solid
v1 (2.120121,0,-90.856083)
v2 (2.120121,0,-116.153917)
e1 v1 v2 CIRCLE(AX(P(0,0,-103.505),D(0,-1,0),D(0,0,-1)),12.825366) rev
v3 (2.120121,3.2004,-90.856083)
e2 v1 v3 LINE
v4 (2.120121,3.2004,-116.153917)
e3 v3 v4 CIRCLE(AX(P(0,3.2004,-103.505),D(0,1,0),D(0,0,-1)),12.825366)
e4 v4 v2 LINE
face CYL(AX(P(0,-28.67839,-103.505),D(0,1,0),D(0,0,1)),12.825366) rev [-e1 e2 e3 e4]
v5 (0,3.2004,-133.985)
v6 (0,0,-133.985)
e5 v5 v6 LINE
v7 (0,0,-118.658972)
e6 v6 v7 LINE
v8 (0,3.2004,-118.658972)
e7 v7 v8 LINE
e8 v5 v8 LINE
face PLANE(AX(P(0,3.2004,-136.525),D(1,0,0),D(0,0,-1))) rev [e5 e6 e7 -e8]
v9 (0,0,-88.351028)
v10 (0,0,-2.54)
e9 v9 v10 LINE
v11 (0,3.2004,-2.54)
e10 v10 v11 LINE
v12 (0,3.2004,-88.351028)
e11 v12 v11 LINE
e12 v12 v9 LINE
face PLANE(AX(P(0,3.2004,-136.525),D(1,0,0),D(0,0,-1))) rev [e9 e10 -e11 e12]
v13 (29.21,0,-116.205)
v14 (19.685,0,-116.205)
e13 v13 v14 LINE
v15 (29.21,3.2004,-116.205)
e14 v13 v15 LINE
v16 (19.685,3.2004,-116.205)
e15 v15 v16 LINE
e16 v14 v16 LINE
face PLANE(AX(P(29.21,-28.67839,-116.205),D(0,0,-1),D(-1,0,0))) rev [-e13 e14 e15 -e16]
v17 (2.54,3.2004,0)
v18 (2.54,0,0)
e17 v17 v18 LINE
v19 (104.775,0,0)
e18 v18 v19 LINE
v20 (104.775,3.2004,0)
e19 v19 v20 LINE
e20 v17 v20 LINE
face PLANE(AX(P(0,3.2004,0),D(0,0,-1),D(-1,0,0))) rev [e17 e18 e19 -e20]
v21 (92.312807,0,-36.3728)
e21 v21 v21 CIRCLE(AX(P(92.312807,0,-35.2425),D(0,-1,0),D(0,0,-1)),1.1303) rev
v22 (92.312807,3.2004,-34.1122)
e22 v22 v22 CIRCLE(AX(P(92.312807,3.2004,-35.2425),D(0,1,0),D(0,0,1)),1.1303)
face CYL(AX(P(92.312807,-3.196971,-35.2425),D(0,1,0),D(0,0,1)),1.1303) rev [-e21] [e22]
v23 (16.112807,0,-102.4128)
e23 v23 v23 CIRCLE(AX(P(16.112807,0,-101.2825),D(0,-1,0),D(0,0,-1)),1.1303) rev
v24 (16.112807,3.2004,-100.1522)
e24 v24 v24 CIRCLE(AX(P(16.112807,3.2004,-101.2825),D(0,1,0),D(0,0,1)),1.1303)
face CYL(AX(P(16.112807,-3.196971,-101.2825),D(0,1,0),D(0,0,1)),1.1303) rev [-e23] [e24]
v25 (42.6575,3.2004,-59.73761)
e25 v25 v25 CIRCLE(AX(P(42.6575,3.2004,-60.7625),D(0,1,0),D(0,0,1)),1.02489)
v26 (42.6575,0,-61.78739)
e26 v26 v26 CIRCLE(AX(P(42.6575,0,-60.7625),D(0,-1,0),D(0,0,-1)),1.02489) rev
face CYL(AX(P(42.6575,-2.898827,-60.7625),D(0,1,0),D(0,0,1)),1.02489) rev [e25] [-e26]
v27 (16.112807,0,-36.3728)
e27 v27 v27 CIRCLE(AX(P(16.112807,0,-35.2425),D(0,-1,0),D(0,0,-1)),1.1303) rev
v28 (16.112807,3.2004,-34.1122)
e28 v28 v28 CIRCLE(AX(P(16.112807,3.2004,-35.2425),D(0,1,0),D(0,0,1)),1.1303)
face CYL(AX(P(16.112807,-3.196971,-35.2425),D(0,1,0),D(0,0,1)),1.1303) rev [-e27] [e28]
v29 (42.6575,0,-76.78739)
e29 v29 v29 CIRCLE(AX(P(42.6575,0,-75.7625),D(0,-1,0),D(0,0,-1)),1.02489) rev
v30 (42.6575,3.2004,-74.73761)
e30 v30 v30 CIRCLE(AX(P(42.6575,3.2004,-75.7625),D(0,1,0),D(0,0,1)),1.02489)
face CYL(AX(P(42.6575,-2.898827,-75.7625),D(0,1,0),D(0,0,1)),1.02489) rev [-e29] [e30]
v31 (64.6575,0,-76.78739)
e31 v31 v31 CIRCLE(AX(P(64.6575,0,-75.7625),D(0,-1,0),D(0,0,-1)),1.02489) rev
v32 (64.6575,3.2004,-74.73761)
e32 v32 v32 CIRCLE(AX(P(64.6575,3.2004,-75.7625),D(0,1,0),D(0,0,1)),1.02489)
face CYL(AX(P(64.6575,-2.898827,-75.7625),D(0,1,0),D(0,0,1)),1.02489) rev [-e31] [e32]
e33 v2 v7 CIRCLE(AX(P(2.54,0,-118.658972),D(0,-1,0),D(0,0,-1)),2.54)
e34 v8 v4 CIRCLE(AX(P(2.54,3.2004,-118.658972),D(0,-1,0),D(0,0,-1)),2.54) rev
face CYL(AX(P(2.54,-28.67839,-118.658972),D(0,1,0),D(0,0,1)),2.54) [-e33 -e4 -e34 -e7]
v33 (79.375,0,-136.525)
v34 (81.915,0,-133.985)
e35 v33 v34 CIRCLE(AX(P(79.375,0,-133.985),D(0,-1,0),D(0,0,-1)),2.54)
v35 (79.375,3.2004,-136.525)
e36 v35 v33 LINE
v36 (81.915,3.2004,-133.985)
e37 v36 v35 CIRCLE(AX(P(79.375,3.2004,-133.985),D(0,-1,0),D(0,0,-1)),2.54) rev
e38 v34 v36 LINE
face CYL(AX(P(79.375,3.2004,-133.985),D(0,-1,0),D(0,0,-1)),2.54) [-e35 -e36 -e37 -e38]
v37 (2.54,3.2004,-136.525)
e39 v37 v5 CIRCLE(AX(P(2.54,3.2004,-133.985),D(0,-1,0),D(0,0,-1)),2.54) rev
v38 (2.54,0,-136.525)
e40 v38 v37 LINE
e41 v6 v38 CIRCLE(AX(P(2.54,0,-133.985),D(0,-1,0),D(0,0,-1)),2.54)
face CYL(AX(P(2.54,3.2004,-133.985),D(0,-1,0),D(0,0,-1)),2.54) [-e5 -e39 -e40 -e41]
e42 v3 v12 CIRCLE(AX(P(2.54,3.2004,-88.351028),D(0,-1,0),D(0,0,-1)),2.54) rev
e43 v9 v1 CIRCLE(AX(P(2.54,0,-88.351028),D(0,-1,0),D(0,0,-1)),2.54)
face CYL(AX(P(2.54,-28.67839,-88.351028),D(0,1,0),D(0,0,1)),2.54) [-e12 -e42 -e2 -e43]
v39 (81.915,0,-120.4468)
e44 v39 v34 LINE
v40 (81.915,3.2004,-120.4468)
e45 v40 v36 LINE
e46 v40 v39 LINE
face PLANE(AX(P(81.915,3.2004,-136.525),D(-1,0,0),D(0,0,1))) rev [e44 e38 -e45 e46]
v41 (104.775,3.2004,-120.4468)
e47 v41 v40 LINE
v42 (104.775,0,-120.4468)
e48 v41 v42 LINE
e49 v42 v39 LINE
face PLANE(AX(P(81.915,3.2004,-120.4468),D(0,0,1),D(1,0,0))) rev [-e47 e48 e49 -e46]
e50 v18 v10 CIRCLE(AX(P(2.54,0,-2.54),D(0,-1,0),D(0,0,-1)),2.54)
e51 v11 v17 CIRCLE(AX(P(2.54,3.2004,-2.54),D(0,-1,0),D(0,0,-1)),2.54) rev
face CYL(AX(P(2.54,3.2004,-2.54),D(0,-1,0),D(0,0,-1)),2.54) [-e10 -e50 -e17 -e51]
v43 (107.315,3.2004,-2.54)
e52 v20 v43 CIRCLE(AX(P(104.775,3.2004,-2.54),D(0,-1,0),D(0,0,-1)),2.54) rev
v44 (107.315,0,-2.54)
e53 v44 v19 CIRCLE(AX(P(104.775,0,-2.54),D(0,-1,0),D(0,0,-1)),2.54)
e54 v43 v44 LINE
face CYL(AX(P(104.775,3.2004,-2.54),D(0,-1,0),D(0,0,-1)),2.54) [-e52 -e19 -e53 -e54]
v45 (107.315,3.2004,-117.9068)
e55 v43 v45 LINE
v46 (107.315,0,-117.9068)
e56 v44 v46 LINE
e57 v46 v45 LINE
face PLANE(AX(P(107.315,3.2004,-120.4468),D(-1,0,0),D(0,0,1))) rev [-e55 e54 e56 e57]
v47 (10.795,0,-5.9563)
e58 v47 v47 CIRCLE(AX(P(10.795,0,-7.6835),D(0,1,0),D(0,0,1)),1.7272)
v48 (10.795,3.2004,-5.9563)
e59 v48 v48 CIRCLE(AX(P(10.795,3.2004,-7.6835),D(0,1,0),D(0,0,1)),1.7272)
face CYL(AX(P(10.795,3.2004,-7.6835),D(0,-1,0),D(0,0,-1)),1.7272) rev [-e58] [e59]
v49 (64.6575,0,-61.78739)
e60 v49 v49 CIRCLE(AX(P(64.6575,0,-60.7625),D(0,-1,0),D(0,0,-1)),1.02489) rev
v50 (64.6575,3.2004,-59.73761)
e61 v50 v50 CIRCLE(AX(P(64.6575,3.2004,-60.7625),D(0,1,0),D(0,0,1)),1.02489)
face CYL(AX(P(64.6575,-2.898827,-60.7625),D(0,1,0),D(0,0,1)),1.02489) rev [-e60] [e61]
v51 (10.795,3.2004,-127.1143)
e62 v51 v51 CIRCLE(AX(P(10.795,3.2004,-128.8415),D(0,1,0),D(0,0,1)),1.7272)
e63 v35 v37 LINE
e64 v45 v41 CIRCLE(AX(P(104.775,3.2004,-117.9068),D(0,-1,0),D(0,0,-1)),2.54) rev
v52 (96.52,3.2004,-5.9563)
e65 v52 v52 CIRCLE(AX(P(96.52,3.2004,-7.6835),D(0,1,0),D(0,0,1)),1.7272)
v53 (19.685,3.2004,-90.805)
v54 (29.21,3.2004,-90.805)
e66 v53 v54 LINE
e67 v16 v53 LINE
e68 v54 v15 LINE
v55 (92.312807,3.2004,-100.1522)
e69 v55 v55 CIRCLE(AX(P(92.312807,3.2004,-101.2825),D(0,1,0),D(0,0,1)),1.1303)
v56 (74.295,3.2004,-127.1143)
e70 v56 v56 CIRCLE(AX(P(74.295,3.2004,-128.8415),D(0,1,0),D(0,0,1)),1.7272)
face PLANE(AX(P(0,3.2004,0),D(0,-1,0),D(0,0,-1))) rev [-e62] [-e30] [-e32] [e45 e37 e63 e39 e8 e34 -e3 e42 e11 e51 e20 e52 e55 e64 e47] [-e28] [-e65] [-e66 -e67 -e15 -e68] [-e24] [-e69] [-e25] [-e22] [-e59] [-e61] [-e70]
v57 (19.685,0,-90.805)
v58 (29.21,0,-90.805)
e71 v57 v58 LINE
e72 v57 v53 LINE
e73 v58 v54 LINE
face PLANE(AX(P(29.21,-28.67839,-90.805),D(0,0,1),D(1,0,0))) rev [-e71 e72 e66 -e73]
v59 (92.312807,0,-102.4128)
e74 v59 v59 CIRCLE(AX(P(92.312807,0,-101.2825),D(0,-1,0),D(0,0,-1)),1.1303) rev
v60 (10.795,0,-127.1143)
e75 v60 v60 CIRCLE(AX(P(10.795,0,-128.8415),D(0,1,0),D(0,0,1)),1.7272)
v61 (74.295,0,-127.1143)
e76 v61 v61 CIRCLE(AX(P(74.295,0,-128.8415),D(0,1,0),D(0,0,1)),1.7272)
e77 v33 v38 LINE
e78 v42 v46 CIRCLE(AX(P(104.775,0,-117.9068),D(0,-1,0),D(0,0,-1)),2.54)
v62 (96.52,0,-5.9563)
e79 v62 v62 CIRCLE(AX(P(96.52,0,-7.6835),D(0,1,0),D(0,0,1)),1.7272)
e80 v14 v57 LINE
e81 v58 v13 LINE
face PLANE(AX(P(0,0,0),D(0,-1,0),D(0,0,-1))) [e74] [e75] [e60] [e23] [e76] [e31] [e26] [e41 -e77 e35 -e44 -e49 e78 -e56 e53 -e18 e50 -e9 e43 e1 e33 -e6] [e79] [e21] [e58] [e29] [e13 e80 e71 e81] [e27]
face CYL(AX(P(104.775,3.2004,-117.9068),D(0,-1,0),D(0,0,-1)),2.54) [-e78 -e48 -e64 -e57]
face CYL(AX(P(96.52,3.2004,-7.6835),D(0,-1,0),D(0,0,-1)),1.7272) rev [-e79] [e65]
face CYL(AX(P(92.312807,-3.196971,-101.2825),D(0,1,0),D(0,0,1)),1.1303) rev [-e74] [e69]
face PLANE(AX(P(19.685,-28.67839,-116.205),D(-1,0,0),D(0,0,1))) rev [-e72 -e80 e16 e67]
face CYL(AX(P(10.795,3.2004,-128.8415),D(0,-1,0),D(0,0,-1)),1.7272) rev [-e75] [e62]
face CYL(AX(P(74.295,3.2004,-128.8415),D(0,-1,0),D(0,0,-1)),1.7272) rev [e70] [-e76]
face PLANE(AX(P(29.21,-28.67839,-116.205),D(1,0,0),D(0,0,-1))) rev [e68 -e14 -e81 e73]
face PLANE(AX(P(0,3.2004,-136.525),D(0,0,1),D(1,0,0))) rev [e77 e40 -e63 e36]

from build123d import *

# Parameters (mm, degrees)
SKETCH1_R           = 1.7272
BOSS_EXTRUDE1_DEPTH = 3.2004
SKETCH2_W           = 9.525
SKETCH2_H           = 25.4
CUT_EXTRUDE1_DEPTH  = 3.2004
SKETCH3_R           = 1.1303
CUT_EXTRUDE2_DEPTH  = 3.2004
FILLET1_R           = 2.54
SKETCH4_R           = 1.02489
CUT_EXTRUDE3_DEPTH  = 3.2004


with BuildPart() as part:
    # Sketch1 → Boss-Extrude1 (new body)
    with BuildSketch(Plane(origin=(0, 0, 0), x_dir=(1, 0, 0), z_dir=(0, 1, 0))):
        Polygon((0, 136.525), (0, 0), (107.315, 0), (107.315, 120.4468), (81.915, 120.4468), (81.915, 136.525), align=None)
        with Locations((10.795, 128.8415)):
            Circle(SKETCH1_R, mode=Mode.SUBTRACT)
        with Locations((96.52, 7.6835)):
            Circle(SKETCH1_R, mode=Mode.SUBTRACT)
        with Locations((10.795, 7.6835)):
            Circle(SKETCH1_R, mode=Mode.SUBTRACT)
        with Locations((74.295, 128.8415)):
            Circle(SKETCH1_R, mode=Mode.SUBTRACT)
    extrude(amount=BOSS_EXTRUDE1_DEPTH)

    # Sketch2 → Cut-Extrude1 (cut)
    with BuildSketch(Plane(origin=(0, 3.2004, 0), x_dir=(1, 0, 0), z_dir=(0, 1, 0))):
        with Locations((24.4475, 103.505)):
            Rectangle(SKETCH2_W, SKETCH2_H)
        with BuildLine():
            Line((0, 116.330365836), (0, 90.679634164))
            ThreePointArc((0, 90.679634164), (12.825365836, 103.505), (0, 116.330365836))
        make_face()
    extrude(amount=-CUT_EXTRUDE1_DEPTH, mode=Mode.SUBTRACT)

    # Sketch3 → Cut-Extrude2 (cut)
    with BuildSketch(Plane(origin=(0, 3.2004, 0), x_dir=(1, 0, 0), z_dir=(0, 1, 0))):
        with Locations((92.312807391, 101.2825)):
            Circle(SKETCH3_R)
        with Locations((92.312807391, 35.2425)):
            Circle(SKETCH3_R)
        with Locations((16.112807391, 35.2425)):
            Circle(SKETCH3_R)
        with Locations((16.112807391, 101.2825)):
            Circle(SKETCH3_R)
    extrude(amount=-CUT_EXTRUDE2_DEPTH, mode=Mode.SUBTRACT)

    # Fillet1
    fillet1_edges = [part.edges().sort_by_distance(p)[0] for p in [
        (0, 1.6002, 0),
        (0, 1.6002, -136.525),
        (81.915, 1.6002, -136.525),
        (107.315, 1.6002, -120.4468),
        (107.315, 1.6002, 0),
        (0, 1.6002, -90.679634164),
        (0, 1.6002, -116.330365836),
    ]]
    fillet(fillet1_edges, radius=FILLET1_R)

    # Sketch4 → Cut-Extrude3 (cut)
    with BuildSketch(Plane(origin=(0, 3.2004, 0), x_dir=(1, 0, 0), z_dir=(0, 1, 0))):
        with Locations((64.6575, 75.7625)):
            Circle(SKETCH4_R)
        with Locations((64.6575, 60.7625)):
            Circle(SKETCH4_R)
        with Locations((42.6575, 75.7625)):
            Circle(SKETCH4_R)
        with Locations((42.6575, 60.7625)):
            Circle(SKETCH4_R)
    extrude(amount=-CUT_EXTRUDE3_DEPTH, mode=Mode.SUBTRACT)


solid = part.part
